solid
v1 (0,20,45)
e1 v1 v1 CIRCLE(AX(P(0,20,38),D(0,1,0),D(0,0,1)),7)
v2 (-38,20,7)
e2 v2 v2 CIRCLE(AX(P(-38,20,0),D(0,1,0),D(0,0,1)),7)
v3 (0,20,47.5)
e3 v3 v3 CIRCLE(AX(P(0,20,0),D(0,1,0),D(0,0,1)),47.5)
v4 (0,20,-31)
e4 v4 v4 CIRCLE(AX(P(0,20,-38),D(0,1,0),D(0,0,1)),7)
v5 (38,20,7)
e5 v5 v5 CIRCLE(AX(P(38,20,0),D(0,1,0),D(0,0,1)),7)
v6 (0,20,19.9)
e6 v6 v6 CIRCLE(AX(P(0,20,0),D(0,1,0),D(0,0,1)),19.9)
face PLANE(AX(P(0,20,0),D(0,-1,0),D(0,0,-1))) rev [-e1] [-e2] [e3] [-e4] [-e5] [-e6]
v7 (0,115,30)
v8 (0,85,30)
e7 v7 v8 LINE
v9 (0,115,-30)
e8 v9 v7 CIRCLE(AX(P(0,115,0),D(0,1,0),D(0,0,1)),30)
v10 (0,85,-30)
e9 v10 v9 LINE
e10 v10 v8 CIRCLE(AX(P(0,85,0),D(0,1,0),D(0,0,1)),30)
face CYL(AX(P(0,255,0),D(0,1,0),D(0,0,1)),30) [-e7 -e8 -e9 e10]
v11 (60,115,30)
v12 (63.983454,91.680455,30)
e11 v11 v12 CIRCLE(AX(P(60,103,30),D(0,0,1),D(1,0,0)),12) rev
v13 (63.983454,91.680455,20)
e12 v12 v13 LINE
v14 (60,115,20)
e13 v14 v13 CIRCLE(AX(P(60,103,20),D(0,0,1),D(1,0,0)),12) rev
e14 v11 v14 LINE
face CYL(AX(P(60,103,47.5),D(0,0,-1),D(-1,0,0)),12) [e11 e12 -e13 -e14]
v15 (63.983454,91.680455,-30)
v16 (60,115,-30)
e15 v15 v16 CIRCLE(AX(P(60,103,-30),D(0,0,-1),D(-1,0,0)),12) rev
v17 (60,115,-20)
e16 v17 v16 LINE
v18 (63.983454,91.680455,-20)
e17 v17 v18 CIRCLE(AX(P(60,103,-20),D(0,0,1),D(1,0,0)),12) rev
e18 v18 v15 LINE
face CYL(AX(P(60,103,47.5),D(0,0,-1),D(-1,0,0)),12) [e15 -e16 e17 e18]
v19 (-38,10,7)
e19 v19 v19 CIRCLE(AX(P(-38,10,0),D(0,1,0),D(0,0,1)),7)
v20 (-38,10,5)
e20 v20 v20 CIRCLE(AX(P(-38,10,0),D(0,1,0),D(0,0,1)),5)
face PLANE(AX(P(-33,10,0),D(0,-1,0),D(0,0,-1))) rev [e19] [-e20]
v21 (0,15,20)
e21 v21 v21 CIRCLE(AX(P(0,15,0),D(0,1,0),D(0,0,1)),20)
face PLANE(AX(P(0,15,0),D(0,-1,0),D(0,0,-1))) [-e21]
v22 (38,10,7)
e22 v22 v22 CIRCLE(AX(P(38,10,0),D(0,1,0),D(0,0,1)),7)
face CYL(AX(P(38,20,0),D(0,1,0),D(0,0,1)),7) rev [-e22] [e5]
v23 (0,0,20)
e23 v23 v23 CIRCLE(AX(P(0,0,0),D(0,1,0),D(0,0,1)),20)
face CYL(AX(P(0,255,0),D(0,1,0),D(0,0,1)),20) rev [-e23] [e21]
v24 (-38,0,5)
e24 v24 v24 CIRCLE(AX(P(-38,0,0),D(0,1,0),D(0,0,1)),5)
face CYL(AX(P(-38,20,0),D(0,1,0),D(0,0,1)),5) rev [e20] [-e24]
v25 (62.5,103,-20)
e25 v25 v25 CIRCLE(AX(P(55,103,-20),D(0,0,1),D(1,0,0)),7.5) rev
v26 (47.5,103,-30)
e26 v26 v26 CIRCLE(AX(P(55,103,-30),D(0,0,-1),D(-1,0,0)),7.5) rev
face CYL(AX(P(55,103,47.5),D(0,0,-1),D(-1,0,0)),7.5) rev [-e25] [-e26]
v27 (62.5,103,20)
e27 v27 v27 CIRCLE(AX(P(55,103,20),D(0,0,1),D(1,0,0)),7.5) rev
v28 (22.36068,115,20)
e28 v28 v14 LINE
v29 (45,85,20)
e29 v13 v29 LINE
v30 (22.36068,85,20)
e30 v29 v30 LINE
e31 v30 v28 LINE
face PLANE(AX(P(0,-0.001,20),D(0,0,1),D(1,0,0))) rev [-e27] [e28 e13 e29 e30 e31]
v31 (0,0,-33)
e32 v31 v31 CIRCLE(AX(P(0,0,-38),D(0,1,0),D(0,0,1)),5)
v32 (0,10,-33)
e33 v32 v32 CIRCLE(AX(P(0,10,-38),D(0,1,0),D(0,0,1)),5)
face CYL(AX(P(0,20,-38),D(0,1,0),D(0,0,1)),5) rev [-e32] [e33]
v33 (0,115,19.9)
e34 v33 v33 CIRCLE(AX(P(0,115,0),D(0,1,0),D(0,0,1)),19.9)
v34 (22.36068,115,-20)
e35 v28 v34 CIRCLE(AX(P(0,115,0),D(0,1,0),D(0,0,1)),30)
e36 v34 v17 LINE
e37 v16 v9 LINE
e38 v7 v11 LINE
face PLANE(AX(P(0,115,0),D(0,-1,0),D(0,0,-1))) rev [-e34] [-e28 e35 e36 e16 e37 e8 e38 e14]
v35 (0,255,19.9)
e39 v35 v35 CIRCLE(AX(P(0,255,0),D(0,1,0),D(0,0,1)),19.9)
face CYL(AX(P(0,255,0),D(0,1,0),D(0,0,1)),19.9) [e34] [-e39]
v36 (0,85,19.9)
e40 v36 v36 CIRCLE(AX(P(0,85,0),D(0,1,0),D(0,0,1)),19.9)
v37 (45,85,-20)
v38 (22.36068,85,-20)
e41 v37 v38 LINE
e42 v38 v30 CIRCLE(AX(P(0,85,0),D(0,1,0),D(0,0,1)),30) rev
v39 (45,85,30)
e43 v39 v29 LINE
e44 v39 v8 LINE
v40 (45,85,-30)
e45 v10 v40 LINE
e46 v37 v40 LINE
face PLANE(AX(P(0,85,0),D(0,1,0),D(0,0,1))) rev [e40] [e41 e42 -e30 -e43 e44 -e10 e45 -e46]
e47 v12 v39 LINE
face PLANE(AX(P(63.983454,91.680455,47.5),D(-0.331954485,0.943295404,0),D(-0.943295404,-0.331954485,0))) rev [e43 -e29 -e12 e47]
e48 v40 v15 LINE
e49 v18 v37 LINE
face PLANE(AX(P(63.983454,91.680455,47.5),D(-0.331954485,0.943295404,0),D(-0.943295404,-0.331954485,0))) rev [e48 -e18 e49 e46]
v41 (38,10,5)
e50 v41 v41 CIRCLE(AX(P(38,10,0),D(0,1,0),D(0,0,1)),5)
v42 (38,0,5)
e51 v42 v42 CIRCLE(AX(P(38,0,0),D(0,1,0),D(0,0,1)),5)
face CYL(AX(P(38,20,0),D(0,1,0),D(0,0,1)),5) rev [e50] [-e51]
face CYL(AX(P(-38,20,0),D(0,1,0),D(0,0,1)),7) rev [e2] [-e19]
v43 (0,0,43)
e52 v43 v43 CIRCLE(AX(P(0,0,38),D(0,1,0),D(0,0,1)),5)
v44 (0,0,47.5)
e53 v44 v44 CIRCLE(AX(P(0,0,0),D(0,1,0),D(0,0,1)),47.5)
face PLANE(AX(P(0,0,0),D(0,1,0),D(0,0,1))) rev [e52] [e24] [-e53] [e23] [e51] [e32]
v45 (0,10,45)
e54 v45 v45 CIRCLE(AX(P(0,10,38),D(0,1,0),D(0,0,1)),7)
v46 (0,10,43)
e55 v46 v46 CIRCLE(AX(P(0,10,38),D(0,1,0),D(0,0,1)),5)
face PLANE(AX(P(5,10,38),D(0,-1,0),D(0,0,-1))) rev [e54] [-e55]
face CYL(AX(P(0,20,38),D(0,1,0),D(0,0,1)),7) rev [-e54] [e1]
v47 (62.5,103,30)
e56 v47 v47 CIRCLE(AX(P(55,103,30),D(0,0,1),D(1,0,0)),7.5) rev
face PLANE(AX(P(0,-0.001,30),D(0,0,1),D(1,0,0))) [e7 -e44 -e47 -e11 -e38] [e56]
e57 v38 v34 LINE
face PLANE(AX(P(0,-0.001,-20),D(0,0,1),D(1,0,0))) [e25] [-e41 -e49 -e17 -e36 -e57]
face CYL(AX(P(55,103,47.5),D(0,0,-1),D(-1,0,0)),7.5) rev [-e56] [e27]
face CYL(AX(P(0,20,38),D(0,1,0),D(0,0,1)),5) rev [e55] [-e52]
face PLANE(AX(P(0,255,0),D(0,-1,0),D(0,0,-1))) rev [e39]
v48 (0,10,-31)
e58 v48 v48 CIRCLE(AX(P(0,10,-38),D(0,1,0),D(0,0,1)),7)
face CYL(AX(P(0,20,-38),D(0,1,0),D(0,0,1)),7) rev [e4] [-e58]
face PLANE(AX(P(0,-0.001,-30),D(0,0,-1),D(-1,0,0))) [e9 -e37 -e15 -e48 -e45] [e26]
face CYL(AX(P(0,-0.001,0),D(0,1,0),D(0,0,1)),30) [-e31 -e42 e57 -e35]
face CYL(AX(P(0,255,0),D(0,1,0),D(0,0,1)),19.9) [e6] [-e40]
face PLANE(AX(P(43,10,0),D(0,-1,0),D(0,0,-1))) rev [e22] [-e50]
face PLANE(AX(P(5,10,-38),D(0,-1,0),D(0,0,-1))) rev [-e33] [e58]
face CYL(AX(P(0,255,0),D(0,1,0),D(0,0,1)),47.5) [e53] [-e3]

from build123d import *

# Parameters (mm, degrees)
SKETCH3_R                                = 7.5
BOSS_EXTRUDE1_DEPTH                      = 47.5
BOSS_EXTRUDE1_DEPTH_BACK                 = 47.5
CUT_EXTRUDE1_REACH                       = 166.439
SKETCH4_W                                = 60
SKETCH4_H                                = 17.5
SKETCH4_W_2                              = 12
SKETCH4_H_2                              = 20
CBORE_FOR_M20_HEX_HEAD_BOLT1_D           = 10
CBORE_FOR_M20_HEX_HEAD_BOLT1_CBORE_D     = 14
CBORE_FOR_M20_HEX_HEAD_BOLT1_CBORE_DEPTH = 10


with BuildPart() as part:
    # Sketch2 → Revolve1 (revolve)
    with BuildSketch(Plane.XY, mode=Mode.PRIVATE) as revolve1_sk:
        Polygon((-47.5, 0), (-20, 0), (-20, 15), (0, 15), (0, 255), (-19.9, 255), (-19.9, 115), (-30, 115), (-30, 85), (-19.9, 85), (-19.9, 20), (-47.5, 20), align=None)
    revolve(revolve1_sk.sketch.rotate(Axis((0, 255, 0), (0, -1, 0)), 270), axis=Axis((0, 255, 0), (0, -1, 0)))

    # Sketch3 → Boss-Extrude1 (add, two sides)
    with BuildSketch(Plane.XY) as boss_extrude1_sk:
        with BuildLine():
            Line((0, 115), (60, 115))
            ThreePointArc((60, 115), (71.828663031, 105.020576871), (63.983453822, 91.680455148))
            Line((63.983453822, 91.680455148), (45, 85))
            Line((45, 85), (30, 85))
            Line((30, 85), (0, 85))
            Line((0, 85), (0, 115))
        make_face()
        with Locations((55, 103)):
            Circle(SKETCH3_R, mode=Mode.SUBTRACT)
    extrude(amount=BOSS_EXTRUDE1_DEPTH)
    extrude(boss_extrude1_sk.sketch, amount=-BOSS_EXTRUDE1_DEPTH_BACK)

    # Sketch4 → Cut-Extrude1 (cut, up to next)
    with BuildSketch(Plane(origin=(0, 115, 0), x_dir=(1, 0, 0), z_dir=(0, 1, 0)), mode=Mode.PRIVATE) as cut_extrude1_sk1:
        with Locations((30, -38.75)):
            Rectangle(SKETCH4_W, SKETCH4_H)
    cut_extrude1_tool1 = extrude(cut_extrude1_sk1.sketch, amount=-CUT_EXTRUDE1_REACH, mode=Mode.PRIVATE) & part.part
    # Sketch4 → Cut-Extrude1 (cut, up to next)
    with BuildSketch(Plane(origin=(0, 115, 0), x_dir=(1, 0, 0), z_dir=(0, 1, 0)), mode=Mode.PRIVATE) as cut_extrude1_sk2:
        with Locations((66, -38.75)):
            Rectangle(SKETCH4_W_2, SKETCH4_H)
    cut_extrude1_tool2 = extrude(cut_extrude1_sk2.sketch, amount=-CUT_EXTRUDE1_REACH, mode=Mode.PRIVATE) & part.part
    # Sketch4 → Cut-Extrude1 (cut, up to next)
    with BuildSketch(Plane(origin=(0, 115, 0), x_dir=(1, 0, 0), z_dir=(0, 1, 0)), mode=Mode.PRIVATE) as cut_extrude1_sk3:
        with BuildLine():
            ThreePointArc((30, 0), (28.025170769, -10.704662693), (22.360679775, -20))
            Line((22.360679775, -20), (60, -20))
            Line((60, -20), (60, 0))
            Line((60, 0), (30, 0))
        make_face()
    cut_extrude1_tool3 = extrude(cut_extrude1_sk3.sketch, amount=-CUT_EXTRUDE1_REACH, mode=Mode.PRIVATE) & part.part
    # Sketch4 → Cut-Extrude1 (cut, up to next)
    with BuildSketch(Plane(origin=(0, 115, 0), x_dir=(1, 0, 0), z_dir=(0, 1, 0)), mode=Mode.PRIVATE) as cut_extrude1_sk4:
        with Locations((66, -10)):
            Rectangle(SKETCH4_W_2, SKETCH4_H_2)
    cut_extrude1_tool4 = extrude(cut_extrude1_sk4.sketch, amount=-CUT_EXTRUDE1_REACH, mode=Mode.PRIVATE) & part.part
    # Sketch4 → Cut-Extrude1 (cut, up to next)
    with BuildSketch(Plane(origin=(0, 115, 0), x_dir=(1, 0, 0), z_dir=(0, 1, 0)), mode=Mode.PRIVATE) as cut_extrude1_sk5:
        with BuildLine():
            Line((60, 20), (22.360679775, 20))
            ThreePointArc((22.360679775, 20), (28.025170769, 10.704662693), (30, 0))
            Line((30, 0), (60, 0))
            Line((60, 0), (60, 20))
        make_face()
    cut_extrude1_tool5 = extrude(cut_extrude1_sk5.sketch, amount=-CUT_EXTRUDE1_REACH, mode=Mode.PRIVATE) & part.part
    # Sketch4 → Cut-Extrude1 (cut, up to next)
    with BuildSketch(Plane(origin=(0, 115, 0), x_dir=(1, 0, 0), z_dir=(0, 1, 0)), mode=Mode.PRIVATE) as cut_extrude1_sk6:
        with Locations((66, 10)):
            Rectangle(SKETCH4_W_2, SKETCH4_H_2)
    cut_extrude1_tool6 = extrude(cut_extrude1_sk6.sketch, amount=-CUT_EXTRUDE1_REACH, mode=Mode.PRIVATE) & part.part
    # Sketch4 → Cut-Extrude1 (cut, up to next)
    with BuildSketch(Plane(origin=(0, 115, 0), x_dir=(1, 0, 0), z_dir=(0, 1, 0)), mode=Mode.PRIVATE) as cut_extrude1_sk7:
        with Locations((30, 38.75)):
            Rectangle(SKETCH4_W, SKETCH4_H)
    cut_extrude1_tool7 = extrude(cut_extrude1_sk7.sketch, amount=-CUT_EXTRUDE1_REACH, mode=Mode.PRIVATE) & part.part
    # Sketch4 → Cut-Extrude1 (cut, up to next)
    with BuildSketch(Plane(origin=(0, 115, 0), x_dir=(1, 0, 0), z_dir=(0, 1, 0)), mode=Mode.PRIVATE) as cut_extrude1_sk8:
        with Locations((66, 38.75)):
            Rectangle(SKETCH4_W_2, SKETCH4_H)
    cut_extrude1_tool8 = extrude(cut_extrude1_sk8.sketch, amount=-CUT_EXTRUDE1_REACH, mode=Mode.PRIVATE) & part.part
    add(cut_extrude1_tool1.solids().sort_by_distance((30, 115, 38.75))[0], mode=Mode.SUBTRACT)
    add(cut_extrude1_tool2.solids().sort_by_distance((66, 115, 38.75))[0], mode=Mode.SUBTRACT)
    add(cut_extrude1_tool3.solids().sort_by_distance((43.723217, 115, 10.380581))[0], mode=Mode.SUBTRACT)
    add(cut_extrude1_tool4.solids().sort_by_distance((66, 115, 10))[0], mode=Mode.SUBTRACT)
    add(cut_extrude1_tool5.solids().sort_by_distance((43.723217, 115, -10.380581))[0], mode=Mode.SUBTRACT)
    add(cut_extrude1_tool6.solids().sort_by_distance((66, 115, -10))[0], mode=Mode.SUBTRACT)
    add(cut_extrude1_tool7.solids().sort_by_distance((30, 115, -38.75))[0], mode=Mode.SUBTRACT)
    add(cut_extrude1_tool8.solids().sort_by_distance((66, 115, -38.75))[0], mode=Mode.SUBTRACT)

    # CBORE for M20 Hex Head Bolt1 (through all)
    with Locations(Plane(origin=(0, 20, 0), x_dir=(1, 0, 0), z_dir=(0, 1, 0))):
        with Locations((38, 0), (0, 38), (-38, 0), (0, -38)):
            CounterBoreHole(CBORE_FOR_M20_HEX_HEAD_BOLT1_D / 2, CBORE_FOR_M20_HEX_HEAD_BOLT1_CBORE_D / 2, CBORE_FOR_M20_HEX_HEAD_BOLT1_CBORE_DEPTH)


solid = part.part
